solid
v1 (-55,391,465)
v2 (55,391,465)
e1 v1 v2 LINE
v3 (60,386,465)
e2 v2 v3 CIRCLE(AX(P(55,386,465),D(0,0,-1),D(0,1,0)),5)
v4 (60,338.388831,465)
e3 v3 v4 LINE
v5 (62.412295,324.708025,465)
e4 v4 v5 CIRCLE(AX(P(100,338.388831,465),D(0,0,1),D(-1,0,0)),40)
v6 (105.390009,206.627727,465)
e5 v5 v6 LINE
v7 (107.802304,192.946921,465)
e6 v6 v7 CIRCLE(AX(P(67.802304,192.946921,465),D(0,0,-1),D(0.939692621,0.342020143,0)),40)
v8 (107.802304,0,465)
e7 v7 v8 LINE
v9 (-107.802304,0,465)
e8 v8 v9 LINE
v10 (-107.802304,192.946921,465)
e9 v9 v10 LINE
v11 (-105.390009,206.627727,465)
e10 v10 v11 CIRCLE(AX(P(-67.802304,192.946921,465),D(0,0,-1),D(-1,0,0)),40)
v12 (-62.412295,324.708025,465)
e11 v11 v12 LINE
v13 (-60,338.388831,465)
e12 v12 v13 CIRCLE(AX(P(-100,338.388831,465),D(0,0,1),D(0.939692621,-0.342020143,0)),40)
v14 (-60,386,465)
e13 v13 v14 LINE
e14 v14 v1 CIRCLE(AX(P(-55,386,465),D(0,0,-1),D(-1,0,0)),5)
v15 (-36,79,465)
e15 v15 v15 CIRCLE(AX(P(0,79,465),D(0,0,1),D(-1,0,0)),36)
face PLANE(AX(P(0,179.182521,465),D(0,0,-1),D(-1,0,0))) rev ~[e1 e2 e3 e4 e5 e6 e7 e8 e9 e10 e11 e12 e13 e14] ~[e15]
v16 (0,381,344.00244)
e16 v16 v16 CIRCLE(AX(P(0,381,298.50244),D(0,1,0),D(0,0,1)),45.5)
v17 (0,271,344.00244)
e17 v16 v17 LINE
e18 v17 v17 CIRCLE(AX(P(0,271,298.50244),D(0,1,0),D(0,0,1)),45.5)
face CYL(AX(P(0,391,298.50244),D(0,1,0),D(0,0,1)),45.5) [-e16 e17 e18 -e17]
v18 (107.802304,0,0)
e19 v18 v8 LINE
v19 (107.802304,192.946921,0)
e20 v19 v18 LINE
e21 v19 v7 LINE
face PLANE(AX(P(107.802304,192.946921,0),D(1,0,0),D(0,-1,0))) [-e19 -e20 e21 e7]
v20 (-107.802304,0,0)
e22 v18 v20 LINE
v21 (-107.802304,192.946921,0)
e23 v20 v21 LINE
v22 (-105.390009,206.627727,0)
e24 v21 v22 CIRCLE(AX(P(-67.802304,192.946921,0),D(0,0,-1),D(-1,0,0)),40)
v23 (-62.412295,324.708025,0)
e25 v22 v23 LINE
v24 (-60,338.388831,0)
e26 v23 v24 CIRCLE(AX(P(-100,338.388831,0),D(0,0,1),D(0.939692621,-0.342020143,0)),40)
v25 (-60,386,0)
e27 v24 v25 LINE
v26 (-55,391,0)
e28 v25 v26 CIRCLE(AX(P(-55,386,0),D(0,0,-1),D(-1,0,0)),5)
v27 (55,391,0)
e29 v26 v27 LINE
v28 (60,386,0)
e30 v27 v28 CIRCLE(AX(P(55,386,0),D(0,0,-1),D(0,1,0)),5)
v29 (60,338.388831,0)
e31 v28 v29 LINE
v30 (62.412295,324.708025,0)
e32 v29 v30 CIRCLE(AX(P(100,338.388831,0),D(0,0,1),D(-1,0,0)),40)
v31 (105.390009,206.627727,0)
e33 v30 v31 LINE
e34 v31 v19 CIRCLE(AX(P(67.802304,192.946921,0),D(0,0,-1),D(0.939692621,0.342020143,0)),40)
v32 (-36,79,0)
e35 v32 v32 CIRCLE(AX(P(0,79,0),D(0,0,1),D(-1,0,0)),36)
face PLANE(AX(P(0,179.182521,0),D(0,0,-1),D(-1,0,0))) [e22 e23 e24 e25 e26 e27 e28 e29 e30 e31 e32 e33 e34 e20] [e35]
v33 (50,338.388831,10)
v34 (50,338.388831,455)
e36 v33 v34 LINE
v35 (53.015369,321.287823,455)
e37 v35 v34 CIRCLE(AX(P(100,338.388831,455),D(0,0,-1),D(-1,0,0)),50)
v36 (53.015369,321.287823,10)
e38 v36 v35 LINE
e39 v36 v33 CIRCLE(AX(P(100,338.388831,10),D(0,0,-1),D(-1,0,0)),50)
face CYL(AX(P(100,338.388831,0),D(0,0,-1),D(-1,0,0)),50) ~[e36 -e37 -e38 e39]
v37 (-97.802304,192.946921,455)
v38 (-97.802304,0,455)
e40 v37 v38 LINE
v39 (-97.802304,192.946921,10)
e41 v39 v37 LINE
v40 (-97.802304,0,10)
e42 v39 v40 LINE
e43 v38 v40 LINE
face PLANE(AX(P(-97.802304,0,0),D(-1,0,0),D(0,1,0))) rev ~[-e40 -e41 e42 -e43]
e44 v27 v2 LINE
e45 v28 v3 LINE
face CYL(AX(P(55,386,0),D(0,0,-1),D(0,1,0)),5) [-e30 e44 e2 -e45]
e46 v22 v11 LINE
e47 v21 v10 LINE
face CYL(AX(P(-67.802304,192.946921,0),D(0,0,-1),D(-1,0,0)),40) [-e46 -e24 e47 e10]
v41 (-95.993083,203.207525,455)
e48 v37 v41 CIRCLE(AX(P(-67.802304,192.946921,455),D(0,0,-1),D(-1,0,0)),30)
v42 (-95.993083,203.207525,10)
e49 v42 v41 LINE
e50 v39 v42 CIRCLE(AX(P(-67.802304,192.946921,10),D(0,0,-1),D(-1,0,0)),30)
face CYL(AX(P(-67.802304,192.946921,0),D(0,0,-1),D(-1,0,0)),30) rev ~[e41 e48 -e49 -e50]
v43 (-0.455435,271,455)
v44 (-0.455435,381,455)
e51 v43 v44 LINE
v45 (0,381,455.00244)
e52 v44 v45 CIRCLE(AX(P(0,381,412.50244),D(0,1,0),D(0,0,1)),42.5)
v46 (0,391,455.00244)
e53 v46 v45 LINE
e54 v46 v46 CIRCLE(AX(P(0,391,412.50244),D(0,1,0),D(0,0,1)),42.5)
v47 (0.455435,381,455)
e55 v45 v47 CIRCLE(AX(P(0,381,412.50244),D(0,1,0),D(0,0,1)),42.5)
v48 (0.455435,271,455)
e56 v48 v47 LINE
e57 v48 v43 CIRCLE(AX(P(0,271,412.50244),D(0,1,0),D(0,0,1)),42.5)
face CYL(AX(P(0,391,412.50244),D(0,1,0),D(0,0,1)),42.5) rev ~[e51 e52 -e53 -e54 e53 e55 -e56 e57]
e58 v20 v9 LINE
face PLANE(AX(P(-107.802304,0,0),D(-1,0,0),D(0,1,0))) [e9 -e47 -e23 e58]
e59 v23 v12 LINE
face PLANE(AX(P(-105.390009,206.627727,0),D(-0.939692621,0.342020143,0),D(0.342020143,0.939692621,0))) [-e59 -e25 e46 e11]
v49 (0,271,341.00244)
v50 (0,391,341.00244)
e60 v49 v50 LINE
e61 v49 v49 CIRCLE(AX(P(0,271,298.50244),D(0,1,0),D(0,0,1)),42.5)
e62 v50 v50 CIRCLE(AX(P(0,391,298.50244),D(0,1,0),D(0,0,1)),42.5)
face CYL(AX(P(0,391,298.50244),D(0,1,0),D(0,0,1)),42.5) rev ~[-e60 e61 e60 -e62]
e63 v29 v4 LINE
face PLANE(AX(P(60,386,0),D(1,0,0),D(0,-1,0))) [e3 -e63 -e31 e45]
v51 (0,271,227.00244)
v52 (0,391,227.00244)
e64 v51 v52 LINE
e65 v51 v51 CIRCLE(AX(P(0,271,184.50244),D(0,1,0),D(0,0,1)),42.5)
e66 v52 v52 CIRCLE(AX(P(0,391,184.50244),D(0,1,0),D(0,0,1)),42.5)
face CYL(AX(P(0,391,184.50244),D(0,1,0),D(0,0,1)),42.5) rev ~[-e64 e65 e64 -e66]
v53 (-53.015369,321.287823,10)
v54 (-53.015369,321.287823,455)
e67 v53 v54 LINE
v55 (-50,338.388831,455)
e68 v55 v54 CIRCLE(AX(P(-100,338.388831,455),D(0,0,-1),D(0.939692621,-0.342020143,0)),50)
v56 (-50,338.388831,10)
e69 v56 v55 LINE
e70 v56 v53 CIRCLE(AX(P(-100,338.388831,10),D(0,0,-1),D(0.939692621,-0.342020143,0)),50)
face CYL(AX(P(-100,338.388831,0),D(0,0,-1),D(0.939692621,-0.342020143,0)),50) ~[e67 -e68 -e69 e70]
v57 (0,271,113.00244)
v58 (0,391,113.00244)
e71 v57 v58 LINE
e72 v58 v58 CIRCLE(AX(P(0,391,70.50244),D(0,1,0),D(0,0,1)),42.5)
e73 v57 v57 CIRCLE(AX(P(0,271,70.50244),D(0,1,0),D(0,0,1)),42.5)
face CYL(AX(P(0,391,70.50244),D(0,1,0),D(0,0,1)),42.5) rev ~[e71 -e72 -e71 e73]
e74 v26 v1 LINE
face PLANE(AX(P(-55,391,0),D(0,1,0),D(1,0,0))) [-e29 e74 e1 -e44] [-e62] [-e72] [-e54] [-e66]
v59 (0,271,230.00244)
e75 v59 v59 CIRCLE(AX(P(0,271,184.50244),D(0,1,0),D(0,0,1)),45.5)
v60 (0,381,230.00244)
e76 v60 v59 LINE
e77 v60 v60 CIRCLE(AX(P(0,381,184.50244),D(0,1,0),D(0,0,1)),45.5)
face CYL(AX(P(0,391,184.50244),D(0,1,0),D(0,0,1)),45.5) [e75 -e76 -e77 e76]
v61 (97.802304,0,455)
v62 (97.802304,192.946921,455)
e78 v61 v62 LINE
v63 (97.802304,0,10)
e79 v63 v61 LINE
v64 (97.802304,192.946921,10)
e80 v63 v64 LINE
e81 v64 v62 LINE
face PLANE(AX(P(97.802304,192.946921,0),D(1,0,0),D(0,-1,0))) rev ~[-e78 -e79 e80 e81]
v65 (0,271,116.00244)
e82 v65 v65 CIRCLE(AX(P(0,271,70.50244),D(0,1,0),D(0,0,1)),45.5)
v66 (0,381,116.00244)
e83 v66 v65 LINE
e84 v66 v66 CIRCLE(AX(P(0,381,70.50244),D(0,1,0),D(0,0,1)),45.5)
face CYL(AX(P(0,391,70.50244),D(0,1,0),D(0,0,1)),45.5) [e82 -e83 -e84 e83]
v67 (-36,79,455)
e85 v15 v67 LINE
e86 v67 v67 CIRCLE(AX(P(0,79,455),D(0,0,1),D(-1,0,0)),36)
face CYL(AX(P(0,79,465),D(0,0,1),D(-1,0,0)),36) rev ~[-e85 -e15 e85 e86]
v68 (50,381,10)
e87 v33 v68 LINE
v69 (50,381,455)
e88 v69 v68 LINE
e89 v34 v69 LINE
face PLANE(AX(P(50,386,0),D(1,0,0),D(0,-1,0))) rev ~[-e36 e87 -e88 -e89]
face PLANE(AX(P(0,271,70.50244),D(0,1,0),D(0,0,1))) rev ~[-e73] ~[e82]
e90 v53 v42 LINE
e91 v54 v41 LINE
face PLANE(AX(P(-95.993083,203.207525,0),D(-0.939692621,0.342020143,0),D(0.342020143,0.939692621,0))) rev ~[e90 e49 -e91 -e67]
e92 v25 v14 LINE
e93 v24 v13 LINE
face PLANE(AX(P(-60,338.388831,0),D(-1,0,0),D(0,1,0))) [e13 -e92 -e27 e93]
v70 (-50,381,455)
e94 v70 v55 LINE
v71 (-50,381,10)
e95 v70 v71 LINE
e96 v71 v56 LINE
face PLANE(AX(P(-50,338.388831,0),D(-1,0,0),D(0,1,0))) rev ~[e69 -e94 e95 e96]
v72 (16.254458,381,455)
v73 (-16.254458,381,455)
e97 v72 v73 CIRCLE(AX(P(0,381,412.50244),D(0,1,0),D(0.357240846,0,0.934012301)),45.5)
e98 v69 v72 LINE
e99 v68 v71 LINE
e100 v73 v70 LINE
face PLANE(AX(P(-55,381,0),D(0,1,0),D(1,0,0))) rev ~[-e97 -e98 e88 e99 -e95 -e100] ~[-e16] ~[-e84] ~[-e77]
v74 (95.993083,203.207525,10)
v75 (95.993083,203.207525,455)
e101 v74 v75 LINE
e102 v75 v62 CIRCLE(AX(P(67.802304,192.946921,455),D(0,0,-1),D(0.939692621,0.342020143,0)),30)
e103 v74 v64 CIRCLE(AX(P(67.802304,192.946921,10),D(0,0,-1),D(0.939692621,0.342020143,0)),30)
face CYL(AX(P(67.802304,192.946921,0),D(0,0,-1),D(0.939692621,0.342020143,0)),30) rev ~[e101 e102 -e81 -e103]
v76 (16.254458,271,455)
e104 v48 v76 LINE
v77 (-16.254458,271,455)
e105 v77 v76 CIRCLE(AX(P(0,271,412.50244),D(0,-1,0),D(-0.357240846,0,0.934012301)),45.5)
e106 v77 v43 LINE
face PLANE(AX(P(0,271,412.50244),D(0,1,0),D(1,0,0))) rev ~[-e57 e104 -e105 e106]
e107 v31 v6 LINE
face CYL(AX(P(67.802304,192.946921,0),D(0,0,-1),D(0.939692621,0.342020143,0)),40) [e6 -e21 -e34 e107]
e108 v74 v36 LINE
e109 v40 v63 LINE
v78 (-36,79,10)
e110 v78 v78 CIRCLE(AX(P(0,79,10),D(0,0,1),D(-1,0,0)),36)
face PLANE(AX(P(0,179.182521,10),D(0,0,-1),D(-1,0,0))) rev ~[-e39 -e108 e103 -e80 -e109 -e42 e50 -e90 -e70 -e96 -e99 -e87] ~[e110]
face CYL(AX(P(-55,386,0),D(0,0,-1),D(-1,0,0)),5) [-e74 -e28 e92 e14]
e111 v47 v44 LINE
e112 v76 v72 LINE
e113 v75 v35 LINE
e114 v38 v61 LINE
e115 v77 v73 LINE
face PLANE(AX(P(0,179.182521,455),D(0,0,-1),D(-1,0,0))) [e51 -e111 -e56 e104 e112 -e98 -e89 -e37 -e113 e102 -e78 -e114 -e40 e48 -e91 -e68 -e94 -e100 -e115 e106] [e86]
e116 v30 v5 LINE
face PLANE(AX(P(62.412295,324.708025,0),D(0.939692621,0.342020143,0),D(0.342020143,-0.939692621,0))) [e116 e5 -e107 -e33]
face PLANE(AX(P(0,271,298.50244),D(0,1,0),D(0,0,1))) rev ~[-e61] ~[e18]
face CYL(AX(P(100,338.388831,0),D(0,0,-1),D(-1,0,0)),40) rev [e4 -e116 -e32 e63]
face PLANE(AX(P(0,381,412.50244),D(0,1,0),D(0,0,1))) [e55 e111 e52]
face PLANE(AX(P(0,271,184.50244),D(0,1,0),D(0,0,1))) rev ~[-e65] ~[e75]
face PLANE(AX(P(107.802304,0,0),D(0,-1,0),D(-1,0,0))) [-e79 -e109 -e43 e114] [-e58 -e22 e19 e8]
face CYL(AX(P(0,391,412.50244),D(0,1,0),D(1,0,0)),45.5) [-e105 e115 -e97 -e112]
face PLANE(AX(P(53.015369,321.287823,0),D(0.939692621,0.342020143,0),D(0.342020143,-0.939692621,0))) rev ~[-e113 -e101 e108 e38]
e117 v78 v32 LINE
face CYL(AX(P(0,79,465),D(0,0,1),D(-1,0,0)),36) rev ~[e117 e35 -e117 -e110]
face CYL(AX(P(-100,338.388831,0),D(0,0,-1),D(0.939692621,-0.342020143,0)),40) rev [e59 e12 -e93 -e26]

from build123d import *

# Parameters (mm, degrees)
BOSS_EXTRUDE1_DEPTH  = 465
SHELL1_T             = -10
SKETCH3_R            = 36
CUT_EXTRUDE2_DEPTH   = 570
SKETCH2_R            = 42.5
CUT_EXTRUDE3_DEPTH   = 10
SKETCH6_R            = 45.5
SKETCH6_R_2          = 42.5
BOSS_EXTRUDE14_DEPTH = 120


with BuildPart() as part:
    # Sketch1 → Boss-Extrude1 (new body)
    with BuildSketch(Plane.XY):
        with BuildLine():
            Line((107.802304208, 0), (-107.802304208, 0))
            Line((-107.802304208, 0), (-107.802304208, 192.946920772))
            ThreePointArc((-107.802304208, 192.946920772), (-107.194614328, 199.892847878), (-105.390009039, 206.627726505))
            Line((-105.390009039, 206.627726505), (-62.412295169, 324.708024904))
            ThreePointArc((-62.412295169, 324.708024904), (-60.60768988, 331.442903531), (-60, 338.388830637))
            Line((-60, 338.388830637), (-60, 386))
            ThreePointArc((-60, 386), (-58.535533906, 389.535533906), (-55, 391))
            Line((-55, 391), (55, 391))
            ThreePointArc((55, 391), (58.535533906, 389.535533906), (60, 386))
            Line((60, 386), (60, 338.388830637))
            ThreePointArc((60, 338.388830637), (60.60768988, 331.442903531), (62.412295169, 324.708024904))
            Line((62.412295169, 324.708024904), (105.390009039, 206.627726505))
            ThreePointArc((105.390009039, 206.627726505), (107.194614328, 199.892847878), (107.802304208, 192.946920772))
            Line((107.802304208, 192.946920772), (107.802304208, 0))
        make_face()
    extrude(amount=BOSS_EXTRUDE1_DEPTH)

    # Shell1
    shell1_openings = [part.faces().sort_by_distance(p)[0] for p in [
        (0, 0, 232.5),
    ]]
    offset(amount=SHELL1_T, openings=shell1_openings, kind=Kind.INTERSECTION)

    # Sketch3 → Cut-Extrude2 (cut)
    with BuildSketch(Plane.XY.offset(465)):
        with Locations(Location((0, 79, 0), (0, 0, 180))):
            Circle(SKETCH3_R)
    extrude(amount=-CUT_EXTRUDE2_DEPTH, mode=Mode.SUBTRACT)

    # Sketch2 → Cut-Extrude3 (cut)
    with BuildSketch(Plane(origin=(0, 391, 0), x_dir=(1, 0, 0), z_dir=(0, 1, 0))):
        with Locations(Location((0, -70.502440314, 0), (0, 0, 270))):
            Circle(SKETCH2_R)
        with Locations(Location((0, -184.502440314, 0), (0, 0, 270))):
            Circle(SKETCH2_R)
        with Locations(Location((0, -298.502440314, 0), (0, 0, 270))):
            Circle(SKETCH2_R)
        with Locations(Location((0, -412.502440314, 0), (0, 0, 270))):
            Circle(SKETCH2_R)
    extrude(amount=-CUT_EXTRUDE3_DEPTH, mode=Mode.SUBTRACT)

    # Sketch6 → Boss-Extrude14 (add)
    # profile 1 of 4: a face of its own
    with BuildSketch(Plane(origin=(0, 391, 0), x_dir=(1, 0, 0), z_dir=(0, 1, 0))):
        with Locations((0, -412.502440314)):
            Circle(SKETCH6_R)
        with Locations(Location((0, -412.502440314, 0), (0, 0, 270))):
            Circle(SKETCH6_R_2, mode=Mode.SUBTRACT)
    # profile 2 of 4: a face of its own
    with BuildSketch(Plane(origin=(0, 391, 0), x_dir=(1, 0, 0), z_dir=(0, 1, 0))):
        with Locations(Location((0, -298.502440314, 0), (0, 0, 270))):
            Circle(SKETCH6_R)
        with Locations(Location((0, -298.502440314, 0), (0, 0, 270))):
            Circle(SKETCH6_R_2, mode=Mode.SUBTRACT)
    # profile 3 of 4: a face of its own
    with BuildSketch(Plane(origin=(0, 391, 0), x_dir=(1, 0, 0), z_dir=(0, 1, 0))):
        with Locations(Location((0, -184.502440314, 0), (0, 0, 270))):
            Circle(SKETCH6_R)
        with Locations(Location((0, -184.502440314, 0), (0, 0, 270))):
            Circle(SKETCH6_R_2, mode=Mode.SUBTRACT)
    # profile 4 of 4: a face of its own
    with BuildSketch(Plane(origin=(0, 391, 0), x_dir=(1, 0, 0), z_dir=(0, 1, 0))):
        with Locations(Location((0, -70.502440314, 0), (0, 0, 270))):
            Circle(SKETCH6_R)
        with Locations(Location((0, -70.502440314, 0), (0, 0, 270))):
            Circle(SKETCH6_R_2, mode=Mode.SUBTRACT)
    extrude(amount=-BOSS_EXTRUDE14_DEPTH)


solid = part.part
